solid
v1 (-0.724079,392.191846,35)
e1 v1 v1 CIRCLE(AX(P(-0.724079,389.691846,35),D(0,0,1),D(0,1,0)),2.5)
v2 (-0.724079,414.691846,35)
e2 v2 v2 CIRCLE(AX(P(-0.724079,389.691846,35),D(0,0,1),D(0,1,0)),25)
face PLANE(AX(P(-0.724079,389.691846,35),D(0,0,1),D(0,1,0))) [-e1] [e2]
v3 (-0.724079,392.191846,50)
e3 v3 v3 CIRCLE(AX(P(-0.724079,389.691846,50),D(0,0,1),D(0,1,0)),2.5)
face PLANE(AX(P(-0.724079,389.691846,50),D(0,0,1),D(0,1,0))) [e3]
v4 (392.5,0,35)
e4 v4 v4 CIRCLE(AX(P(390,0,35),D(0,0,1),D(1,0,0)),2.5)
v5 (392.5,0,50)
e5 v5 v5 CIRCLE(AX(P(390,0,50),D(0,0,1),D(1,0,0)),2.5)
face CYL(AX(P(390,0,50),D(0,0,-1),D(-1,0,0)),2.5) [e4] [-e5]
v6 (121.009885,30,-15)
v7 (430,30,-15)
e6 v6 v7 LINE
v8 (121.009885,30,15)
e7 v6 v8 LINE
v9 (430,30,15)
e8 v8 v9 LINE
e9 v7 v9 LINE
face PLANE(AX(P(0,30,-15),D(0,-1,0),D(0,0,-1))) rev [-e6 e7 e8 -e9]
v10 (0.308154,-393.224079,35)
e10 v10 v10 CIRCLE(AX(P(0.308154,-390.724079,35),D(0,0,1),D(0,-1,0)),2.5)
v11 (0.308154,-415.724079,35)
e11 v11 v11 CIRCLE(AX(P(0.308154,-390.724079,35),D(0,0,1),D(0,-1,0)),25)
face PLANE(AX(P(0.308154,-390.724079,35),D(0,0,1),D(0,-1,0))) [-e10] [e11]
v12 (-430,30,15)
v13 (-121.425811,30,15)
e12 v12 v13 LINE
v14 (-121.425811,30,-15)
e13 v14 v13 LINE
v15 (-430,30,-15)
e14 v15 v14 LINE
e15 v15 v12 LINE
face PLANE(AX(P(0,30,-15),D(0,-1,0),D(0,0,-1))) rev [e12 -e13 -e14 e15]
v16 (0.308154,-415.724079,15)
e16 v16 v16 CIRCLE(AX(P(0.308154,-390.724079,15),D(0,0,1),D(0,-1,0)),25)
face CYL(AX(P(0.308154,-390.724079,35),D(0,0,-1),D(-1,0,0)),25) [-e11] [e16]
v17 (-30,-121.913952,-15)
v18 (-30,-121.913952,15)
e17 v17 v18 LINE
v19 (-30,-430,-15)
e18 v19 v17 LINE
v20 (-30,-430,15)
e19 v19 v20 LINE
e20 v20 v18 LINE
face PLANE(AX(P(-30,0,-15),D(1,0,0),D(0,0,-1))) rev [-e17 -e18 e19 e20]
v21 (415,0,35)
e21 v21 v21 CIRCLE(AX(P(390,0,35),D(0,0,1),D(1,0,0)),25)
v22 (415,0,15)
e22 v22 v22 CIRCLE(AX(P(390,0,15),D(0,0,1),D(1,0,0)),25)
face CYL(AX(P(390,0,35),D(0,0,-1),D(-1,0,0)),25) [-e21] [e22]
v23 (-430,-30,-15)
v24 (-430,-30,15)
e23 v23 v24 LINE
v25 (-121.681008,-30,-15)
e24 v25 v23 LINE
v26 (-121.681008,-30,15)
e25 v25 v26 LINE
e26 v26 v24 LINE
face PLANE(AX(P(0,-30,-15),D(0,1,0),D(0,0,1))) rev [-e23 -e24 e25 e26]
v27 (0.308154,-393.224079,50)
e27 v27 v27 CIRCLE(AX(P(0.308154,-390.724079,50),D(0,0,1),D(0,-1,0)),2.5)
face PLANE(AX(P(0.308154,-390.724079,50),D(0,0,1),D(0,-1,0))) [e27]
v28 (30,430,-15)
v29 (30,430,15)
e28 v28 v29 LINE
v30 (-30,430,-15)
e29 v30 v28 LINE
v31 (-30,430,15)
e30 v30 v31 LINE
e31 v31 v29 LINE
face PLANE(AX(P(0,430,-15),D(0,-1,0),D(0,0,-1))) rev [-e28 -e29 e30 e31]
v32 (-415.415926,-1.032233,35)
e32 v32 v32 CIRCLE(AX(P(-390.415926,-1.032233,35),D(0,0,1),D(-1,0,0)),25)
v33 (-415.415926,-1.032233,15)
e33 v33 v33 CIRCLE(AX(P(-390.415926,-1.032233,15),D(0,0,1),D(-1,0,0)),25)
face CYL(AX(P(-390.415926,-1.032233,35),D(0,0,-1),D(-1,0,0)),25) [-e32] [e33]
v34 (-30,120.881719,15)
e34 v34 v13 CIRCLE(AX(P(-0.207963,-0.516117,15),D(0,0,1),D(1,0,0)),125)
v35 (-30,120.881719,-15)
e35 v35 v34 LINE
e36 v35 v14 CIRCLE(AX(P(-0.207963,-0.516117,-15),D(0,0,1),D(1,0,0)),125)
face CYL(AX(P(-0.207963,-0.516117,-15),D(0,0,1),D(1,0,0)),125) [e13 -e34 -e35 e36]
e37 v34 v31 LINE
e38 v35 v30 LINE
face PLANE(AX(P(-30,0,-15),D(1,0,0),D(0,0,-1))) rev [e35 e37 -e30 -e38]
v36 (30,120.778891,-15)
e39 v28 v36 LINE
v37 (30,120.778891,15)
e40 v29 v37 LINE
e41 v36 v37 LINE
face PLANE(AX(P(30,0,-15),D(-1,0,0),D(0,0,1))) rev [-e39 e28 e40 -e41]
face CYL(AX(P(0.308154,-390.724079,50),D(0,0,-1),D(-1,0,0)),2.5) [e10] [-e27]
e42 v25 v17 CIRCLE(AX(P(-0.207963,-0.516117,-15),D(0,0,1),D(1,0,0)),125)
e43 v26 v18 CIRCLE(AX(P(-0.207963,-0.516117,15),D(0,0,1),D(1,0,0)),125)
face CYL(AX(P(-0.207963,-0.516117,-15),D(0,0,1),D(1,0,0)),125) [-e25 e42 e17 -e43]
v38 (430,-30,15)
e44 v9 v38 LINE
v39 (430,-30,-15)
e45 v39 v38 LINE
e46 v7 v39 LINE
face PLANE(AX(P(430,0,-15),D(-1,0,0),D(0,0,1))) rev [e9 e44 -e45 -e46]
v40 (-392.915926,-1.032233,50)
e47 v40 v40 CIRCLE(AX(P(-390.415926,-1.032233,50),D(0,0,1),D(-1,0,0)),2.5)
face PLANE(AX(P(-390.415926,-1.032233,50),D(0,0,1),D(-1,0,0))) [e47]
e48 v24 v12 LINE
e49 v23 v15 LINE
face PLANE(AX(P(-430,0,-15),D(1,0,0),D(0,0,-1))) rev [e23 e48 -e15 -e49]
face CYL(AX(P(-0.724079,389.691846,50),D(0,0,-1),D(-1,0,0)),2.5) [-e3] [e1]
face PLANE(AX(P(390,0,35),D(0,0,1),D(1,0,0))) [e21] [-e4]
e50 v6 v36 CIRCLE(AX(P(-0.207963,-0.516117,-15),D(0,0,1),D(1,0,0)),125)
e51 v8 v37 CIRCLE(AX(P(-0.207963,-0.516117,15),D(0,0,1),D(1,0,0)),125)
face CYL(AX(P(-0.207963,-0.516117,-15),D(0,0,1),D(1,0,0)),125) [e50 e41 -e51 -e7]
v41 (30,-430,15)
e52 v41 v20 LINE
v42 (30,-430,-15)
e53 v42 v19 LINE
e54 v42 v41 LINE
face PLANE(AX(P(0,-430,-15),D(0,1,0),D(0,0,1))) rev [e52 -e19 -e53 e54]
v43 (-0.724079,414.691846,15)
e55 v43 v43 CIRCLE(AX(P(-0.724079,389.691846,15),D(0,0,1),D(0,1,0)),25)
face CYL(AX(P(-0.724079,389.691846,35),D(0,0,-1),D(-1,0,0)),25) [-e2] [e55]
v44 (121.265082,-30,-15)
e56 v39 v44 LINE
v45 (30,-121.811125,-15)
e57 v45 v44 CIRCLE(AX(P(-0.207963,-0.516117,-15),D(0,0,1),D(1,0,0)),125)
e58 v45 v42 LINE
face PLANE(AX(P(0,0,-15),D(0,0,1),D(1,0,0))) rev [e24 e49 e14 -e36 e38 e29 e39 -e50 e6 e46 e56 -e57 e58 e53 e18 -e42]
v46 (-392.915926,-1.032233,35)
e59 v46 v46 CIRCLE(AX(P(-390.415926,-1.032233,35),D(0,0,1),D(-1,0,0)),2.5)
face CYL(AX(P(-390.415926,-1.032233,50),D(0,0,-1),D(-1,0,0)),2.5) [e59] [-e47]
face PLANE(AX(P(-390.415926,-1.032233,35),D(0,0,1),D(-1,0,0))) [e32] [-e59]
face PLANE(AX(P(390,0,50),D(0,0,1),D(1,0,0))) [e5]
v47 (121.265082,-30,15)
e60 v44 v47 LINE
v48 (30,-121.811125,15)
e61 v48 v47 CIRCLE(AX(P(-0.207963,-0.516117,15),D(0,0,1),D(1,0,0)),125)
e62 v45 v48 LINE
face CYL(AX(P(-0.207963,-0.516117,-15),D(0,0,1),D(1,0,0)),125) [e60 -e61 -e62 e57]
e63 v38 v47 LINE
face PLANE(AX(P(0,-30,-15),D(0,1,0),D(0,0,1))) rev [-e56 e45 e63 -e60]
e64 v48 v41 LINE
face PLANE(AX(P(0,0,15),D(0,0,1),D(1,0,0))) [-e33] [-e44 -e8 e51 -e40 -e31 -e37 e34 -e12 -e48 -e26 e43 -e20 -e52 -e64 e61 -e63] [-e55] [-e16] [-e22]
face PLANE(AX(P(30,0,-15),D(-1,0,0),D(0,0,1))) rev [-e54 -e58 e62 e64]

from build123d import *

# Parameters (mm, degrees)
BOSS_EXTRUDE1_DEPTH      = 15
BOSS_EXTRUDE1_DEPTH_BACK = 15
SKETCH2_R                = 25
BOSS_EXTRUDE2_DEPTH      = 20
SKETCH3_R                = 2.5
BOSS_EXTRUDE3_DEPTH      = 15
CIRPATTERN1_COUNT        = 4


with BuildPart() as part:
    # Sketch1 → Boss-Extrude1 (new, two sides: drawn at the far end of the back side and taken through both)
    with BuildSketch(Plane.XY.offset(-BOSS_EXTRUDE1_DEPTH_BACK)):
        with BuildLine():
            Line((30, 430), (-30, 430))
            Line((-30, 430), (-30, 120.881719036))
            ThreePointArc((-30, 120.881719036), (-88.332125518, 88.135628612), (-121.425810587, 30))
            Line((-121.425810587, 30), (-430, 30))
            Line((-430, 30), (-430, -30))
            Line((-430, -30), (-121.68100765, -30))
            ThreePointArc((-121.68100765, -30), (-88.7083861, -88.792246397), (-30, -121.91395242))
            Line((-30, -121.91395242), (-30, -430))
            Line((-30, -430), (30, -430))
            Line((30, -430), (30, -121.811124765))
            ThreePointArc((30, -121.811124765), (88.443617434, -88.640445466), (121.26508205, -30))
            Line((121.26508205, -30), (430, -30))
            Line((430, -30), (430, 30))
            Line((430, 30), (121.009884987, 30))
            ThreePointArc((121.009884987, 30), (88.068001132, 87.984471961), (30, 120.778891382))
            Line((30, 120.778891382), (30, 430))
        make_face()
    extrude(amount=BOSS_EXTRUDE1_DEPTH + BOSS_EXTRUDE1_DEPTH_BACK)

    # Sketch2 → Boss-Extrude2 (add)
    with BuildSketch(Plane.XY.offset(15)):
        with Locations((390, 0)):
            Circle(SKETCH2_R)
    boss_extrude2 = extrude(amount=BOSS_EXTRUDE2_DEPTH)

    # Sketch3 → Boss-Extrude3 (add)
    with BuildSketch(Plane.XY.offset(35)):
        with Locations((390, 0)):
            Circle(SKETCH3_R)
    boss_extrude3 = extrude(amount=BOSS_EXTRUDE3_DEPTH)

    # CirPattern1: Boss-Extrude2, Boss-Extrude3 ×4 about axis
    cirpattern1_axis = Axis((-0.2079628, -0.516116692, -15), (0, 0, 1))
    add([boss_extrude2.rotate(cirpattern1_axis, i * 360 / CIRPATTERN1_COUNT) for i in range(1, CIRPATTERN1_COUNT)])
    add([boss_extrude3.rotate(cirpattern1_axis, i * 360 / CIRPATTERN1_COUNT) for i in range(1, CIRPATTERN1_COUNT)])


solid = part.part
